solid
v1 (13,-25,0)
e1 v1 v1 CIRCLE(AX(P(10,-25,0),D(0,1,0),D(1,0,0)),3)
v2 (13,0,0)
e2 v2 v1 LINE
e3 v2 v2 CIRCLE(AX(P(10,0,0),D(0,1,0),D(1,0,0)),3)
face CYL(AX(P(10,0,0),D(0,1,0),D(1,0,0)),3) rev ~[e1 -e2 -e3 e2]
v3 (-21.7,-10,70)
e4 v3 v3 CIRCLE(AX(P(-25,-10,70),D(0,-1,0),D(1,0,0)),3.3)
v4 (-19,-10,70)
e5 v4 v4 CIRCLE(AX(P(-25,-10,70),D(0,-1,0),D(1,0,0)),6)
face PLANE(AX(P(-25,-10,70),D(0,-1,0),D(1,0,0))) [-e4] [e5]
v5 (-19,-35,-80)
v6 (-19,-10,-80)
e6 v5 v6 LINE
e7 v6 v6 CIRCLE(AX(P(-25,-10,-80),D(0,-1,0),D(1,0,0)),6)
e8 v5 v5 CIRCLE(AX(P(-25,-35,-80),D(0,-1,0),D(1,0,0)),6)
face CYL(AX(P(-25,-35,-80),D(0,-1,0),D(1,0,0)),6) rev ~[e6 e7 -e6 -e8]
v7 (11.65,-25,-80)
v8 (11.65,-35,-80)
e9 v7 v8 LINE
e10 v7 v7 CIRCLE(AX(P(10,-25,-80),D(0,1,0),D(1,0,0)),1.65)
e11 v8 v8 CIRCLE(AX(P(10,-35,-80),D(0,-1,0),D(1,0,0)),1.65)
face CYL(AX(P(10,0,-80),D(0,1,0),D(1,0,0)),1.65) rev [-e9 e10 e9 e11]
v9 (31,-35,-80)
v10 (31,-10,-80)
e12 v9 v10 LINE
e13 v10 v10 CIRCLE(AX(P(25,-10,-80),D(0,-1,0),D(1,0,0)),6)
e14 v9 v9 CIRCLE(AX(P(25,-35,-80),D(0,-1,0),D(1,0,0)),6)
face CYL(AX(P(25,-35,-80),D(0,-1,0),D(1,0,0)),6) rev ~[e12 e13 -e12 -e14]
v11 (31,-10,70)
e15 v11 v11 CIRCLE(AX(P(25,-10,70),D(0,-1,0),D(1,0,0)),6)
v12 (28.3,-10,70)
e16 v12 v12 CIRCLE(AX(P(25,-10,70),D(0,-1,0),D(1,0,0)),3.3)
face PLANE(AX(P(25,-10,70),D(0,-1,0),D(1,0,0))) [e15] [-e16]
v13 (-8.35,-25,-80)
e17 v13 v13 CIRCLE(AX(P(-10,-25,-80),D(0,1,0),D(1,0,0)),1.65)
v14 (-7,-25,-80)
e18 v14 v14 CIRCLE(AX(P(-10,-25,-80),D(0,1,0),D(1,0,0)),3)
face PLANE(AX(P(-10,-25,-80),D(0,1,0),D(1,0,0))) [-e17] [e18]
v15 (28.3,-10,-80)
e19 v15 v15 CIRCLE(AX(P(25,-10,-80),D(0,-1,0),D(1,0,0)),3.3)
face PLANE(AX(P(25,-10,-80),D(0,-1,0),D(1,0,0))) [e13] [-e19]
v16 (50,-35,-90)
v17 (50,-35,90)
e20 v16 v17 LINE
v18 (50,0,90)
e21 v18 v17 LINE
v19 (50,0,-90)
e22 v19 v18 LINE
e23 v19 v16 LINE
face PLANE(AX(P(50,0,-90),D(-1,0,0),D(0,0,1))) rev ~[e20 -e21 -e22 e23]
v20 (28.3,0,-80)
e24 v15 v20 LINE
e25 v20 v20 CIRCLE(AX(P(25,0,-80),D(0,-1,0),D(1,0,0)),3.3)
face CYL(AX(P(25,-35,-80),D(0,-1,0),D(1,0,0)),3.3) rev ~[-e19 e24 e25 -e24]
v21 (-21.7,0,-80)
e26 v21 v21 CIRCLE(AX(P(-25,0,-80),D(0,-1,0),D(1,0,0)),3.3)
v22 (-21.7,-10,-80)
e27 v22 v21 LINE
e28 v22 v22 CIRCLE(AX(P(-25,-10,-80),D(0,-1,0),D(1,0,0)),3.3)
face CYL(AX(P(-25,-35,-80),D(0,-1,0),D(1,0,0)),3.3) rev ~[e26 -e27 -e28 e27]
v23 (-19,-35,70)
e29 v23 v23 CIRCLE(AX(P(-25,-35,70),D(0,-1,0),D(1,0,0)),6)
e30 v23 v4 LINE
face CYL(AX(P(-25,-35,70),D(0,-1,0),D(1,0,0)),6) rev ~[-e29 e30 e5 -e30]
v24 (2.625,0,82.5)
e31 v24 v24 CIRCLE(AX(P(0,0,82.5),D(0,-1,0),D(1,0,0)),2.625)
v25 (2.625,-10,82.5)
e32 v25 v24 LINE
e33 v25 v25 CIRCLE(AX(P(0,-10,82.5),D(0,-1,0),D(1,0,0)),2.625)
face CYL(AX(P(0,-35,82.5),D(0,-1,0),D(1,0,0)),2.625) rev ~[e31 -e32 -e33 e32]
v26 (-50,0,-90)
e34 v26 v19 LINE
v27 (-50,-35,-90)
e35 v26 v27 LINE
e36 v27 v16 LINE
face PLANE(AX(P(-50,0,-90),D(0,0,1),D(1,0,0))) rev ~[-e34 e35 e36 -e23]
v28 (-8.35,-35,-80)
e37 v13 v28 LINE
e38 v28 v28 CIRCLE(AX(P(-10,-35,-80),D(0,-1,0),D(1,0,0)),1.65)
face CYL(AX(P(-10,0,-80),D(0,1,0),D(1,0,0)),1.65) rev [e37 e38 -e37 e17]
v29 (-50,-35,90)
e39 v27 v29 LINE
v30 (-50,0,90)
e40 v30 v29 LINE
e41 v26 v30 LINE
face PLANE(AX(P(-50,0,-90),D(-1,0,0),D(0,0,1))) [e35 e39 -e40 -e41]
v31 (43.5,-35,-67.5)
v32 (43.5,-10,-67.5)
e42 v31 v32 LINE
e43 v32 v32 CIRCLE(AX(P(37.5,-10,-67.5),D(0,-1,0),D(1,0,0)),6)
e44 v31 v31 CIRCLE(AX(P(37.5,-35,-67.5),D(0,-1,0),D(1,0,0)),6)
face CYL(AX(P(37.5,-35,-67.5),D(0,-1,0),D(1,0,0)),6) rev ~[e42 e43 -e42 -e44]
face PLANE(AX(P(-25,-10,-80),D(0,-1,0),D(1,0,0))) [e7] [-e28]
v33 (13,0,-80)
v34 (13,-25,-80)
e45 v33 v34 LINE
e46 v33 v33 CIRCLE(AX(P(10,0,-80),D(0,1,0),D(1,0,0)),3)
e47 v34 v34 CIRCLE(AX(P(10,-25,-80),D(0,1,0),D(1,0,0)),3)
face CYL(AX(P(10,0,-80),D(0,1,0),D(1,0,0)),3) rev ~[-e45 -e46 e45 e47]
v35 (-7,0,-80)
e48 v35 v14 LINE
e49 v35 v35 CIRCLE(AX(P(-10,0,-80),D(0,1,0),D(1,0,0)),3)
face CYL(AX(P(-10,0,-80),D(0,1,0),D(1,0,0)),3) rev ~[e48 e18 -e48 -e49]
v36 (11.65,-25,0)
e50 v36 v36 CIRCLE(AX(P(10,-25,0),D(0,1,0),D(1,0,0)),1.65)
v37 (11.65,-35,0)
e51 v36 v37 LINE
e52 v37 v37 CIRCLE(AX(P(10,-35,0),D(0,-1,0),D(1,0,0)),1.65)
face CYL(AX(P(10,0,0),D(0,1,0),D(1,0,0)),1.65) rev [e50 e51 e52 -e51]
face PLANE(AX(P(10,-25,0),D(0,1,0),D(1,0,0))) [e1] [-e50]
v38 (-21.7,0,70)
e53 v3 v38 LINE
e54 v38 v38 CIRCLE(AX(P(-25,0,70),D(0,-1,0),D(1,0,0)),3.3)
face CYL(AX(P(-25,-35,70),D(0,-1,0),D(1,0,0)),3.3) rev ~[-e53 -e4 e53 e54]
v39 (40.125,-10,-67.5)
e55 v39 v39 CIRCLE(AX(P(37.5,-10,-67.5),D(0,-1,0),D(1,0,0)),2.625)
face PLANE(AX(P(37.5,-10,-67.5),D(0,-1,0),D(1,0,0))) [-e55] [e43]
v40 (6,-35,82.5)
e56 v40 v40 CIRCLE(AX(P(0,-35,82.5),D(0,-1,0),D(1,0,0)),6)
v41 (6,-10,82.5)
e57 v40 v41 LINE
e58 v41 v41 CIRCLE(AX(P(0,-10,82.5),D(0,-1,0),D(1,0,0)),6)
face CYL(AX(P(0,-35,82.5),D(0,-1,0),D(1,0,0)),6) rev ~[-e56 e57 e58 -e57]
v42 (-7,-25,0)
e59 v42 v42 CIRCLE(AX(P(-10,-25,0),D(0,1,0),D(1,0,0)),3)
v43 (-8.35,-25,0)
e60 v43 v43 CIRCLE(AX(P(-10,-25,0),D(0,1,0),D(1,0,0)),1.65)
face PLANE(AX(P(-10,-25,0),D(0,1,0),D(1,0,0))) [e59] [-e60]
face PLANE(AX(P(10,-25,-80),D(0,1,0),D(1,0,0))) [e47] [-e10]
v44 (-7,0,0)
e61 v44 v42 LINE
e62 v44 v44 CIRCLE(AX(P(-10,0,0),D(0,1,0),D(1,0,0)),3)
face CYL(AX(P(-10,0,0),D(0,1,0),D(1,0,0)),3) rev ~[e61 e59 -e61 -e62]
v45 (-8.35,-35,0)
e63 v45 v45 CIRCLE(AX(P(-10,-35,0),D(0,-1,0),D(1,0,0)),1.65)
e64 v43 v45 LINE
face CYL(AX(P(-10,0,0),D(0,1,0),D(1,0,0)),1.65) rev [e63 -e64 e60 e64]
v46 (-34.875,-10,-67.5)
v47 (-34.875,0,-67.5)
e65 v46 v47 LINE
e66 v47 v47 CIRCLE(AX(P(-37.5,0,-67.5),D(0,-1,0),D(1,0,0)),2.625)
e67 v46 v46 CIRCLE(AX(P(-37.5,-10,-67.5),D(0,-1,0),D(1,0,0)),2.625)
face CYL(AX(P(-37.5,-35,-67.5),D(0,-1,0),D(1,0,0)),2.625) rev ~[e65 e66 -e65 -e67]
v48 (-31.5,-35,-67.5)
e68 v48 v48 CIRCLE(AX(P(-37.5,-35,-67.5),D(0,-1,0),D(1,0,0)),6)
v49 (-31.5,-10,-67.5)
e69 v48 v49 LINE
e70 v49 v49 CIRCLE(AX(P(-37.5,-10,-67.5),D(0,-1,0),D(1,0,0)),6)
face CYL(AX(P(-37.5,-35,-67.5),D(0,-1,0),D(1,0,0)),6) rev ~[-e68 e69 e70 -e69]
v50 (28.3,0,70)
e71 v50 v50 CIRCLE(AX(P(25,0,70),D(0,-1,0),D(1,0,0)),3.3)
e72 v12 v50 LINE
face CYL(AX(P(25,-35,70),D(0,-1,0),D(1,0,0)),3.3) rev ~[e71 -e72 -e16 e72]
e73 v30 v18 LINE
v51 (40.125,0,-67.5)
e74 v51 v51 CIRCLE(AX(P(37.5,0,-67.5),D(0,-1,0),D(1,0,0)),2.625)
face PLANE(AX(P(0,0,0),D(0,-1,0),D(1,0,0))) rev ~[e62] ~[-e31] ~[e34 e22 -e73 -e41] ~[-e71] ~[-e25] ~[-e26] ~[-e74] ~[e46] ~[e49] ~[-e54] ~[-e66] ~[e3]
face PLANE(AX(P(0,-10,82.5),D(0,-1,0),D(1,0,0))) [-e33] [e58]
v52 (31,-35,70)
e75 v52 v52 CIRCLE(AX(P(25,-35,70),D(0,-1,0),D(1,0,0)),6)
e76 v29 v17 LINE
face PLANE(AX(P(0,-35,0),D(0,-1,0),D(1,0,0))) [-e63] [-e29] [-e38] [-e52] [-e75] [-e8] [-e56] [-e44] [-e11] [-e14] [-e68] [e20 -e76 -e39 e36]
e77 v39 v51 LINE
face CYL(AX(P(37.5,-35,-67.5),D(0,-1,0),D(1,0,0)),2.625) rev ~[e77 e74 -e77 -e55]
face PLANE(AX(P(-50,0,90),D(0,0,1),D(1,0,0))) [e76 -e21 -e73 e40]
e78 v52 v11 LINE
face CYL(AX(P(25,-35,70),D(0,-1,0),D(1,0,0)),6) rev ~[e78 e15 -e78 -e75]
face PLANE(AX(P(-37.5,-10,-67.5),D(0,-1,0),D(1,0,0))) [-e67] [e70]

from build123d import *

# Parameters (mm, degrees)
SKETCH_W        = 100
SKETCH_H        = 180
SKETCH_R        = 1.65
PAD_DEPTH       = 35
SKETCH001_R     = 3.3
SKETCH001_R_2   = 2.625
POCKET_DEPTH    = 35.001
SKETCH002_R     = 6
POCKET001_DEPTH = 25
SKETCH003_R     = 3
POCKET002_DEPTH = 25


with BuildPart() as part:
    # Sketch → Pad (new body)
    with BuildSketch(Plane.XZ):
        Rectangle(SKETCH_W, SKETCH_H)
        with Locations((10, 0)):
            Circle(SKETCH_R, mode=Mode.SUBTRACT)
        with Locations((-10, 0)):
            Circle(SKETCH_R, mode=Mode.SUBTRACT)
        with Locations((10, -80)):
            Circle(SKETCH_R, mode=Mode.SUBTRACT)
        with Locations((-10, -80)):
            Circle(SKETCH_R, mode=Mode.SUBTRACT)
    extrude(amount=PAD_DEPTH)

    # Sketch001 (on Face10 of Pad) → Pocket (cut, through all)
    with BuildSketch(Plane.XZ.offset(35)):
        with Locations((25, -80)):
            Circle(SKETCH001_R)
        with Locations((-25, -80)):
            Circle(SKETCH001_R)
        with Locations((25, 70)):
            Circle(SKETCH001_R)
        with Locations((-25, 70)):
            Circle(SKETCH001_R)
        with Locations((0, 82.5)):
            Circle(SKETCH001_R_2)
        with Locations((-37.5, -67.5)):
            Circle(SKETCH001_R_2)
        with Locations((37.5, -67.5)):
            Circle(SKETCH001_R_2)
    extrude(amount=-POCKET_DEPTH, mode=Mode.SUBTRACT)

    # Sketch002 (on Face5 of Pocket) → Pocket001 (cut)
    with BuildSketch(Plane.XZ.offset(35)):
        with Locations((25, 70)):
            Circle(SKETCH002_R)
        with Locations((-25, 70)):
            Circle(SKETCH002_R)
        with Locations((25, -80)):
            Circle(SKETCH002_R)
        with Locations((-25, -80)):
            Circle(SKETCH002_R)
        with Locations((-37.5, -67.5)):
            Circle(SKETCH002_R)
        with Locations((37.5, -67.5)):
            Circle(SKETCH002_R)
        with Locations((0, 82.5)):
            Circle(SKETCH002_R)
    extrude(amount=-POCKET001_DEPTH, mode=Mode.SUBTRACT)

    # Sketch003 (on Face4 of Pocket001) → Pocket002 (cut)
    with BuildSketch(Plane(origin=(0, 0, 0), x_dir=(1, 0, 0), z_dir=(0, 1, 0))):
        with Locations((-10, 80)):
            Circle(SKETCH003_R)
        with Locations((10, 80)):
            Circle(SKETCH003_R)
        with Locations((-10, 0)):
            Circle(SKETCH003_R)
        with Locations((10, 0)):
            Circle(SKETCH003_R)
    extrude(amount=-POCKET002_DEPTH, mode=Mode.SUBTRACT)


solid = part.part
